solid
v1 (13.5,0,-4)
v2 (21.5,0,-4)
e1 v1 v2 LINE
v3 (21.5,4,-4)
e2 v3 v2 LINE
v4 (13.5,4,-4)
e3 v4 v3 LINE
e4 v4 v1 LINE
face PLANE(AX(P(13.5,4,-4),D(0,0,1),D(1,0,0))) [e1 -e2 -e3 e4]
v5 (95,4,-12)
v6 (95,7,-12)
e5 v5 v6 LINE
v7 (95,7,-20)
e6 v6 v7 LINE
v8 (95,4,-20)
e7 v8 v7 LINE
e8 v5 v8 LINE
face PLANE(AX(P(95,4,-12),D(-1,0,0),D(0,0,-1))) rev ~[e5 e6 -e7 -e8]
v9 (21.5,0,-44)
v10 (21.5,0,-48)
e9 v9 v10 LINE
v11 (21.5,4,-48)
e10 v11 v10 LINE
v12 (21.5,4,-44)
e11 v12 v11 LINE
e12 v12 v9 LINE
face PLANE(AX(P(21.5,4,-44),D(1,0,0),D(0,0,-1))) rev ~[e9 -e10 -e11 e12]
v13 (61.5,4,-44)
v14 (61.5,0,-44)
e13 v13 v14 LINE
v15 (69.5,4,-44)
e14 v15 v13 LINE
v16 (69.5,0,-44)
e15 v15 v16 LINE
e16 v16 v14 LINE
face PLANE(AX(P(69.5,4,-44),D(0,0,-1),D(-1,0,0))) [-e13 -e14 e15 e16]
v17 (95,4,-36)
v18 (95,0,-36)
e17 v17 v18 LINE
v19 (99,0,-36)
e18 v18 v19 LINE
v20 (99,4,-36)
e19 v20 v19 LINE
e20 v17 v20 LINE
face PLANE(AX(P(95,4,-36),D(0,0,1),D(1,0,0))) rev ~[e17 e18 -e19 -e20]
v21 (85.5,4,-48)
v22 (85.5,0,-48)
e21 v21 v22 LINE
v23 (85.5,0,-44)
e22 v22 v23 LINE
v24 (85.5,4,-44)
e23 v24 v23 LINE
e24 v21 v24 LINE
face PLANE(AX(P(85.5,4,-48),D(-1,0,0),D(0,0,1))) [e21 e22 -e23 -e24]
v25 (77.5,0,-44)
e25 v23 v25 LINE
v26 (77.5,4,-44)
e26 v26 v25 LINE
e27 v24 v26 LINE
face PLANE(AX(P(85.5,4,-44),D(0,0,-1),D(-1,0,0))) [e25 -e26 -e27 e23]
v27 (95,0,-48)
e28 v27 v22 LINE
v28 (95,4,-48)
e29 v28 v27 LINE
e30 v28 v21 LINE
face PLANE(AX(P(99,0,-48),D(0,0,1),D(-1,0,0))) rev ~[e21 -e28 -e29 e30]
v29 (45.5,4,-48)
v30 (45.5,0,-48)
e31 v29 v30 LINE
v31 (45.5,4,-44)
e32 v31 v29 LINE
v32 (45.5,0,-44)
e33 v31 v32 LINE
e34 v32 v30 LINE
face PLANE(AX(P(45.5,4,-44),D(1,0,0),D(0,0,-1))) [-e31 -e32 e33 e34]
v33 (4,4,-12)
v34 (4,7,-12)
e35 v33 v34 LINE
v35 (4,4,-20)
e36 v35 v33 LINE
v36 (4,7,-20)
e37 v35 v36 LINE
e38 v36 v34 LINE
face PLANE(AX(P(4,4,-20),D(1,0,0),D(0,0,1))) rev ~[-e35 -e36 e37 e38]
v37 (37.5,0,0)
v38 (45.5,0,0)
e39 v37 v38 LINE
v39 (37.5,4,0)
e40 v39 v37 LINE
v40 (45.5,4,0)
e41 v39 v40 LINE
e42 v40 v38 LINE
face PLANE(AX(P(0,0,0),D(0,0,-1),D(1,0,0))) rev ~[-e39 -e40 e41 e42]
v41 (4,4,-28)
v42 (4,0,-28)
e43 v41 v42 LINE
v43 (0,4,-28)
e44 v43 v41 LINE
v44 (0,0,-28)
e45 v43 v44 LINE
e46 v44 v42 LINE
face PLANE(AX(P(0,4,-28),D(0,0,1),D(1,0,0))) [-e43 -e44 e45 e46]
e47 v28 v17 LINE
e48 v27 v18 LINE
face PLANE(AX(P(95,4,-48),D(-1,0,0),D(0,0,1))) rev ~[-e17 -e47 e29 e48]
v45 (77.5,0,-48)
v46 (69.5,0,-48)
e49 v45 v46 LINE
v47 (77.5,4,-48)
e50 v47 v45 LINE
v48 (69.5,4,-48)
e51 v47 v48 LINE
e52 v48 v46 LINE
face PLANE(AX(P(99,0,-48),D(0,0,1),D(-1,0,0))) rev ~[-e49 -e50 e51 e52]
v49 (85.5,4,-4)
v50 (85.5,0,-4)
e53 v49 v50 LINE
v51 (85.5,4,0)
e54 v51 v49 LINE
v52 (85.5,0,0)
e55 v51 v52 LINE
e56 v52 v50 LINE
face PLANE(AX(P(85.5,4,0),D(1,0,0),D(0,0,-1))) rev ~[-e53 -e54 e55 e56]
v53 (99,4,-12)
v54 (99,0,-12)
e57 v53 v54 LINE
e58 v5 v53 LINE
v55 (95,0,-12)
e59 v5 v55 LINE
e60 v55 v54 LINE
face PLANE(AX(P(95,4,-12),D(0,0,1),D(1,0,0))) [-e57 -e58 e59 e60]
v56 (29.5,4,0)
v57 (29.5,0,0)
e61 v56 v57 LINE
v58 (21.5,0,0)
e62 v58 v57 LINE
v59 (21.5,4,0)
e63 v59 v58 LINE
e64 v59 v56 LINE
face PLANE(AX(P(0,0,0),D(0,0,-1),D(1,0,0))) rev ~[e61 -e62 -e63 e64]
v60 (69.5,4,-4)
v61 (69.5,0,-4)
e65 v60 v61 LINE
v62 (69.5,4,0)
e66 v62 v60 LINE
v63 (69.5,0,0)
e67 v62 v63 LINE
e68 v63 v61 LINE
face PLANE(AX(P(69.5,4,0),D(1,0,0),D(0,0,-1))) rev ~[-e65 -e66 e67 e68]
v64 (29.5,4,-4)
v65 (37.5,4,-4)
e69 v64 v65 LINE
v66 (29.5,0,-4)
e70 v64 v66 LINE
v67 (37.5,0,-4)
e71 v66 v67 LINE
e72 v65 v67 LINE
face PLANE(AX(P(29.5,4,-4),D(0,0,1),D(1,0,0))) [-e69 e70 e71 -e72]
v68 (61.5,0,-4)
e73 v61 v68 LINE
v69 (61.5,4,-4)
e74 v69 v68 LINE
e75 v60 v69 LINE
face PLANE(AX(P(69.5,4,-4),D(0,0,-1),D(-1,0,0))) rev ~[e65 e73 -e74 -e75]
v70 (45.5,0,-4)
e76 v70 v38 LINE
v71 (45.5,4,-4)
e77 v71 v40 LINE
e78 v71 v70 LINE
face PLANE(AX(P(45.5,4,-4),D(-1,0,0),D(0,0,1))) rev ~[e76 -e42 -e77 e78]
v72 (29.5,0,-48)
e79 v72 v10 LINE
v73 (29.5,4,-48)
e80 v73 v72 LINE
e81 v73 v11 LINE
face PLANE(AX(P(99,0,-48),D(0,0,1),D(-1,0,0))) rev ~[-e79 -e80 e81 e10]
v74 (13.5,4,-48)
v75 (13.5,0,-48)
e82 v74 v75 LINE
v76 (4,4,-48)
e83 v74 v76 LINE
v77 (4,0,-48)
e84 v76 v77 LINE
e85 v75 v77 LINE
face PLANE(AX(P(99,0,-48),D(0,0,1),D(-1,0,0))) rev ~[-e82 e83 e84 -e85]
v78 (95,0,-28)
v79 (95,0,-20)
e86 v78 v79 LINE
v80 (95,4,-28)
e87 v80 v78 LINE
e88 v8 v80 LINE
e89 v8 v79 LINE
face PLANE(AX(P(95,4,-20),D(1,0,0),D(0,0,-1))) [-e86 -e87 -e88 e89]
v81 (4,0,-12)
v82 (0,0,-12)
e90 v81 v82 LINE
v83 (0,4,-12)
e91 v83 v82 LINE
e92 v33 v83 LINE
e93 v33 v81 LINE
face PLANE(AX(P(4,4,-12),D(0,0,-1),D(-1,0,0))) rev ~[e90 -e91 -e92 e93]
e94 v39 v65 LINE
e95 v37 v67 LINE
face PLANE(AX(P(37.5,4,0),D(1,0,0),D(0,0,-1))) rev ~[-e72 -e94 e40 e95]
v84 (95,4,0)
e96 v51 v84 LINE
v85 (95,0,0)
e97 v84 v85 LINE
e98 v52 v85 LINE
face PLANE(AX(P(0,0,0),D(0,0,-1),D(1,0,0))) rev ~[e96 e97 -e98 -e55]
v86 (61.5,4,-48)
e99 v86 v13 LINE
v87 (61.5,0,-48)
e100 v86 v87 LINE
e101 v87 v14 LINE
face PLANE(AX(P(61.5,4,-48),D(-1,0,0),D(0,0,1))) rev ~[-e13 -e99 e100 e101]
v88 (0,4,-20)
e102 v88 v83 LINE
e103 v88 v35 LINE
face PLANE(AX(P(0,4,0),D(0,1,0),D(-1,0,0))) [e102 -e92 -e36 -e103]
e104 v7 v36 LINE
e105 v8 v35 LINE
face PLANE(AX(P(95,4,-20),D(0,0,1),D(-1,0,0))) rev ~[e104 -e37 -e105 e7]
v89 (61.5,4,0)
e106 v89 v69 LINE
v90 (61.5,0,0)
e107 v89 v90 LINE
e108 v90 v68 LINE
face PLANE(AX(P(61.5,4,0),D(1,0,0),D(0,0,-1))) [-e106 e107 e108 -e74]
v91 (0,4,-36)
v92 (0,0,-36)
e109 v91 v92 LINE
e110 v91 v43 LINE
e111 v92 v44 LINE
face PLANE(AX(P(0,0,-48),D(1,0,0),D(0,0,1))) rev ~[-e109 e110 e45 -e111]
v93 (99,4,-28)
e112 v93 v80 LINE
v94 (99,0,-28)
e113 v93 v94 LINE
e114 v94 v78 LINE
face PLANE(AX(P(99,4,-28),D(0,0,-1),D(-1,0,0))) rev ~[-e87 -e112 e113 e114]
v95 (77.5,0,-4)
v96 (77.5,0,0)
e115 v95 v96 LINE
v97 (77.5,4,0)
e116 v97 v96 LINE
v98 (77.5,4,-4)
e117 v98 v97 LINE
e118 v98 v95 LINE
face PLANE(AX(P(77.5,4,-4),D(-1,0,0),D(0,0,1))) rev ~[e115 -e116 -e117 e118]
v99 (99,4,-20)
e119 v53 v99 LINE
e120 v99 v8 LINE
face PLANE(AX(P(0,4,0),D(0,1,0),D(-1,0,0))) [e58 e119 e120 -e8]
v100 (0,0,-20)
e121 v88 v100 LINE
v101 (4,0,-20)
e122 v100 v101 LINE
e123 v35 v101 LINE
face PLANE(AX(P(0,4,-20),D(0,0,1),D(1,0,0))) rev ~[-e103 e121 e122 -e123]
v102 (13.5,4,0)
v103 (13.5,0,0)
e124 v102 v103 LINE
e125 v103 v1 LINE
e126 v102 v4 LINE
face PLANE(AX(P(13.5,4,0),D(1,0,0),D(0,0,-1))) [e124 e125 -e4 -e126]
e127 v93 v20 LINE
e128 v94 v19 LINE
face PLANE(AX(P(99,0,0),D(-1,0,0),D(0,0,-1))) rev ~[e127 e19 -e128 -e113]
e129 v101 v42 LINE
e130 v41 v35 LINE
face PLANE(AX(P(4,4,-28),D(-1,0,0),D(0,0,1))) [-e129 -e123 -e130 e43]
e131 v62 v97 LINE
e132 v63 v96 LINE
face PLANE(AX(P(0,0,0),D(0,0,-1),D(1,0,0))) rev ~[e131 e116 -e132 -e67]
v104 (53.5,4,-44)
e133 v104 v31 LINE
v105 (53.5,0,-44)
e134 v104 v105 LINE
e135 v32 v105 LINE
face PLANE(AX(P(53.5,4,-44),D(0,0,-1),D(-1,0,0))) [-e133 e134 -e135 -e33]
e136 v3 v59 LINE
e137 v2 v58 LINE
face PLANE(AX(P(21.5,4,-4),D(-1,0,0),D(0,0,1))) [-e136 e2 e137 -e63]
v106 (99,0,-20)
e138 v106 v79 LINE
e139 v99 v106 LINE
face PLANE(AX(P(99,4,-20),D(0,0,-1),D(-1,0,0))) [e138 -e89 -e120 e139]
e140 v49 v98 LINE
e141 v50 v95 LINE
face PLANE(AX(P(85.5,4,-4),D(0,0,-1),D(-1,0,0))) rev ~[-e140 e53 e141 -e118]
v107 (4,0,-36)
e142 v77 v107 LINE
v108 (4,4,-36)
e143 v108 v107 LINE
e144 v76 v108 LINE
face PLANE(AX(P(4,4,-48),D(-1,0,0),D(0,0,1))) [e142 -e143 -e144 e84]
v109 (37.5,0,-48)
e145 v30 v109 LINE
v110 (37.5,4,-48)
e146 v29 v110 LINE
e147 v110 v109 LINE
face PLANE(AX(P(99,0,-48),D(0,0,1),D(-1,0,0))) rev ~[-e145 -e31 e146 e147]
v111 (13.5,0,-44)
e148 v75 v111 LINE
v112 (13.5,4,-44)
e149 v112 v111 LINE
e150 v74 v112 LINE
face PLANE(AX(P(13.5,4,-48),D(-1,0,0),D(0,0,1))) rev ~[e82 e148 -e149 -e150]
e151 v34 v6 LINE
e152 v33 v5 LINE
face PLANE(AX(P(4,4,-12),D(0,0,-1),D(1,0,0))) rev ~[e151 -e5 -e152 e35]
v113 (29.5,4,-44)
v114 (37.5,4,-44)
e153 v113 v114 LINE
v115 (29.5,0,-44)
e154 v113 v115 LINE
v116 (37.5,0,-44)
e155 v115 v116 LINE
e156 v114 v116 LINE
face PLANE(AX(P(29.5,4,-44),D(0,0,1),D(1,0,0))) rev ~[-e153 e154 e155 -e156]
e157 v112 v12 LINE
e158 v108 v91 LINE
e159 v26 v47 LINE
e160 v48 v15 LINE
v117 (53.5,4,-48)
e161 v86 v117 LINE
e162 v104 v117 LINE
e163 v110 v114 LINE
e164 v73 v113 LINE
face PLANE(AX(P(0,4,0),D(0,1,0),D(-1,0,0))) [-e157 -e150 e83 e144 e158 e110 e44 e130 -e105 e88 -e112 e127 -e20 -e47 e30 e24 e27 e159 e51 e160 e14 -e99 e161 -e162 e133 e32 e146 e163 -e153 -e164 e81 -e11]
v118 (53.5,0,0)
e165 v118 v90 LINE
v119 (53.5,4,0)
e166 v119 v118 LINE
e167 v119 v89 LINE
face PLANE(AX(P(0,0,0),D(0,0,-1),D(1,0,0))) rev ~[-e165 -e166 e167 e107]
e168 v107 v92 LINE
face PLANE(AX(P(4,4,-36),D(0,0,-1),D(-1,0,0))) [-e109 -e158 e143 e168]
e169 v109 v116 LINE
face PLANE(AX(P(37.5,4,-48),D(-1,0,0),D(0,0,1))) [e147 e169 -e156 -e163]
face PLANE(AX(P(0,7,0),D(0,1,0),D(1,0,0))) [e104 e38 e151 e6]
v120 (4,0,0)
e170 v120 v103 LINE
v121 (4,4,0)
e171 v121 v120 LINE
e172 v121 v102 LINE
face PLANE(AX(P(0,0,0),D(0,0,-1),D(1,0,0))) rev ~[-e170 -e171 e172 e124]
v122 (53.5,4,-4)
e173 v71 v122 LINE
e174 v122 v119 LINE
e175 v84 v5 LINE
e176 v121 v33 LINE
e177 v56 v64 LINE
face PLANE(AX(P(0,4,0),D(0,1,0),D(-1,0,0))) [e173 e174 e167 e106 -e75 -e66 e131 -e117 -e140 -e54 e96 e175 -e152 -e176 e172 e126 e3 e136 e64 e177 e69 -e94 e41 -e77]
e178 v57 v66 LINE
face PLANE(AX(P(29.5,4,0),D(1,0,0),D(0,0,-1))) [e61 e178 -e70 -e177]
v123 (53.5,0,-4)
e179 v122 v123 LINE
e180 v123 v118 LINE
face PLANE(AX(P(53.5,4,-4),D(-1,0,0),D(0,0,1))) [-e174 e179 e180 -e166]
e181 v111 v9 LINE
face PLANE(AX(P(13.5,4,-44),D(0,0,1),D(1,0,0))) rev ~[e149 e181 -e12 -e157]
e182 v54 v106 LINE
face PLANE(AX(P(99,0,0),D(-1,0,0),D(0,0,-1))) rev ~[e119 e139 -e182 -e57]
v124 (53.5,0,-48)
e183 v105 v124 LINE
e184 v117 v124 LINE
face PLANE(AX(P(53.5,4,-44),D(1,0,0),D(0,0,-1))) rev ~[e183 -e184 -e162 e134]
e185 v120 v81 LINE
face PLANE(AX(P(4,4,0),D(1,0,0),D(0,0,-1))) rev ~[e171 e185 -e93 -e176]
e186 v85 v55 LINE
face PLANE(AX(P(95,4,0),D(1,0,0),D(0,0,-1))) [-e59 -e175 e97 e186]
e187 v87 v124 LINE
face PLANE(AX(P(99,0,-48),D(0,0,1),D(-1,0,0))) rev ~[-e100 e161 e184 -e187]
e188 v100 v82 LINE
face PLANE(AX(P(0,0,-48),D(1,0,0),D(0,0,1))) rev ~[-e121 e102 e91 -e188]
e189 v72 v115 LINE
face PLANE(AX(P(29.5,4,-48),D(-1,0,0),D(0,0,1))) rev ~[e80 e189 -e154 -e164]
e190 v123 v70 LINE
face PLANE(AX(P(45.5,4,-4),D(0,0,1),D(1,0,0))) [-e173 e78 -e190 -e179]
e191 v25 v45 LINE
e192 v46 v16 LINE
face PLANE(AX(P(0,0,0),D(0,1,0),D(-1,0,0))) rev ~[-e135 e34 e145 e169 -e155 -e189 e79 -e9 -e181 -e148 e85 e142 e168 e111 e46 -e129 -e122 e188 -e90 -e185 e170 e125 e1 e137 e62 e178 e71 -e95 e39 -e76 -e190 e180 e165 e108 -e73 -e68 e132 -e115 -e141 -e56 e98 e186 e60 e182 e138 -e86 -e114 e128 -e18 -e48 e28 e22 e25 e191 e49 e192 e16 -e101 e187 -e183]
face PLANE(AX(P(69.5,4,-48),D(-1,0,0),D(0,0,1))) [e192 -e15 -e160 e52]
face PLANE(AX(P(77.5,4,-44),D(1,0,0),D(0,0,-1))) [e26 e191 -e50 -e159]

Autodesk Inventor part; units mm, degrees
ref_plane "YZ Plane" through (0, 0, 0) normal (1, 0, 0) x (0, 1, 0)
ref_plane "XZ Plane" through (0, 0, 0) normal (0, 1, 0) x (-1, 0, 0)
ref_plane "XY Plane" through (0, 0, 0) normal (0, 0, 1) x (1, 0, 0)
sketch "Sketch1" plane through (0, 0, 0) normal (0, 1, 0) x (-1, 0, 0)
  line L0 (0, 0) -> (-99, 0)
  line L1 (-99, 0) -> (-99, -48)
  line L2 (-99, -48) -> (0, -48)
  line L3 (0, -48) -> (0, 0)
  dimension "d0" = 99
  dimension "d1" = 48
extrude "Extrusion1" add sketch "Sketch1" along normal blind 4
sketch "Sketch2" plane through (0, 4, 0) normal (0, 1, 0) x (1, 0, 0)
  line L0 (99, 48) -> (0, 48) construction
  line L1 (99, 0) -> (99, 48) construction
  line L2 (0, 0) -> (99, 0) construction
  line L3 (0, 48) -> (0, 0) construction
  line L4 (4, 44) -> (95, 44) construction
  line L5 (95, 44) -> (95, 4) construction
  line L6 (95, 4) -> (4, 4) construction
  line L7 (4, 4) -> (4, 44) construction
  line L8 (4, 36) -> (0, 36)
  line L9 (0, 36) -> (0, 48)
  line L10 (0, 48) -> (4, 48)
  line L11 (4, 48) -> (4, 36)
  line L12 (0, 24) -> (99, 24) construction
  line L13 (49.5, 0) -> (49.5, 48) construction
  line L14 (0, 28) -> (4, 28)
  line L15 (0, 28) -> (0, 24)
  line L16 (4, 28) -> (4, 24)
  line L17 (13.5, 48) -> (13.5, 44)
  line L18 (13.5, 44) -> (21.5, 44)
  line L19 (21.5, 44) -> (21.5, 48)
  line L20 (21.5, 48) -> (13.5, 48)
  line L21 (29.5, 48) -> (29.5, 44)
  line L22 (29.5, 44) -> (37.5, 44)
  line L23 (37.5, 48) -> (37.5, 44)
  line L24 (37.5, 48) -> (29.5, 48)
  line L25 (45.5, 44) -> (45.5, 48)
  line L26 (45.5, 44) -> (49.5, 44)
  line L27 (49.5, 48) -> (45.5, 48)
  line L28 (4, 12) -> (0, 12)
  line L29 (0, 12) -> (0, 0)
  line L30 (0, 0) -> (4, 0)
  line L31 (4, 0) -> (4, 12)
  line L32 (0, 20) -> (4, 20)
  line L33 (0, 20) -> (0, 24)
  line L34 (4, 20) -> (4, 24)
  line L35 (13.5, 0) -> (13.5, 4)
  line L36 (13.5, 4) -> (21.5, 4)
  line L37 (21.5, 4) -> (21.5, 0)
  line L38 (21.5, 0) -> (13.5, 0)
  line L39 (29.5, 0) -> (29.5, 4)
  line L40 (29.5, 4) -> (37.5, 4)
  line L41 (37.5, 0) -> (37.5, 4)
  line L42 (37.5, 0) -> (29.5, 0)
  line L43 (45.5, 4) -> (45.5, 0)
  line L44 (45.5, 4) -> (49.5, 4)
  line L45 (49.5, 0) -> (45.5, 0)
  line L46 (99, 48) -> (99, 0) construction
  line L47 (95, 4) -> (95, 44) construction
  line L48 (95, 36) -> (99, 36)
  line L49 (99, 36) -> (99, 48)
  line L50 (99, 48) -> (95, 48)
  line L51 (95, 48) -> (95, 36)
  line L52 (99, 28) -> (95, 28)
  line L53 (99, 28) -> (99, 24)
  line L54 (95, 28) -> (95, 24)
  line L55 (85.5, 48) -> (85.5, 44)
  line L56 (85.5, 44) -> (77.5, 44)
  line L57 (77.5, 44) -> (77.5, 48)
  line L58 (77.5, 48) -> (85.5, 48)
  line L59 (69.5, 48) -> (69.5, 44)
  line L60 (69.5, 44) -> (61.5, 44)
  line L61 (61.5, 48) -> (61.5, 44)
  line L62 (61.5, 48) -> (69.5, 48)
  line L63 (53.5, 44) -> (53.5, 48)
  line L64 (53.5, 44) -> (49.5, 44)
  line L65 (49.5, 48) -> (53.5, 48)
  line L66 (99, 0) -> (95, 0)
  line L67 (69.5, 0) -> (69.5, 4)
  line L68 (69.5, 4) -> (61.5, 4)
  line L69 (61.5, 0) -> (69.5, 0)
  line L70 (61.5, 0) -> (61.5, 4)
  line L71 (53.5, 4) -> (53.5, 0)
  line L72 (53.5, 4) -> (49.5, 4)
  line L73 (49.5, 0) -> (53.5, 0)
  line L74 (95, 0) -> (95, 12)
  line L75 (95, 12) -> (99, 12)
  line L76 (99, 12) -> (99, 0)
  line L77 (85.5, 0) -> (85.5, 4)
  line L78 (99, 20) -> (95, 20)
  line L79 (77.5, 0) -> (85.5, 0)
  line L80 (77.5, 4) -> (77.5, 0)
  line L81 (85.5, 4) -> (77.5, 4)
  line L82 (95, 20) -> (95, 24)
  line L83 (99, 20) -> (99, 24)
  dimension "d8" = 4
  dimension "d11" = 8
  dimension "d12" = 4
  dimension "d14" = 8
  dimension "d15" = 8
  dimension "d16" = 8
  dimension "d17" = 4
  dimension "d18" = 8
extrude "Extrusion2" cut sketch "Sketch2" against normal up to surface (4 mm away)
sketch "Sketch3" plane through (0, 4, 0) normal (0, 1, 0) x (1, 0, 0)
  line L0 (4, 12) -> (4, 0) projected
  line L1 (4, 12) -> (95, 12)
  line L2 (95, 12) -> (95, 20)
  line L3 (95, 20) -> (4, 20)
  line L4 (4, 20) -> (4, 12)
  line L5 (13.5, 4) -> (21.5, 4) projected
  point P0 (0, 0)
  dimension "d21" = 8
  dimension "d22" = 8
extrude "Extrusion3" add sketch "Sketch3" along normal blind 3
properties part number "front" material "PBT Plastic Black"
